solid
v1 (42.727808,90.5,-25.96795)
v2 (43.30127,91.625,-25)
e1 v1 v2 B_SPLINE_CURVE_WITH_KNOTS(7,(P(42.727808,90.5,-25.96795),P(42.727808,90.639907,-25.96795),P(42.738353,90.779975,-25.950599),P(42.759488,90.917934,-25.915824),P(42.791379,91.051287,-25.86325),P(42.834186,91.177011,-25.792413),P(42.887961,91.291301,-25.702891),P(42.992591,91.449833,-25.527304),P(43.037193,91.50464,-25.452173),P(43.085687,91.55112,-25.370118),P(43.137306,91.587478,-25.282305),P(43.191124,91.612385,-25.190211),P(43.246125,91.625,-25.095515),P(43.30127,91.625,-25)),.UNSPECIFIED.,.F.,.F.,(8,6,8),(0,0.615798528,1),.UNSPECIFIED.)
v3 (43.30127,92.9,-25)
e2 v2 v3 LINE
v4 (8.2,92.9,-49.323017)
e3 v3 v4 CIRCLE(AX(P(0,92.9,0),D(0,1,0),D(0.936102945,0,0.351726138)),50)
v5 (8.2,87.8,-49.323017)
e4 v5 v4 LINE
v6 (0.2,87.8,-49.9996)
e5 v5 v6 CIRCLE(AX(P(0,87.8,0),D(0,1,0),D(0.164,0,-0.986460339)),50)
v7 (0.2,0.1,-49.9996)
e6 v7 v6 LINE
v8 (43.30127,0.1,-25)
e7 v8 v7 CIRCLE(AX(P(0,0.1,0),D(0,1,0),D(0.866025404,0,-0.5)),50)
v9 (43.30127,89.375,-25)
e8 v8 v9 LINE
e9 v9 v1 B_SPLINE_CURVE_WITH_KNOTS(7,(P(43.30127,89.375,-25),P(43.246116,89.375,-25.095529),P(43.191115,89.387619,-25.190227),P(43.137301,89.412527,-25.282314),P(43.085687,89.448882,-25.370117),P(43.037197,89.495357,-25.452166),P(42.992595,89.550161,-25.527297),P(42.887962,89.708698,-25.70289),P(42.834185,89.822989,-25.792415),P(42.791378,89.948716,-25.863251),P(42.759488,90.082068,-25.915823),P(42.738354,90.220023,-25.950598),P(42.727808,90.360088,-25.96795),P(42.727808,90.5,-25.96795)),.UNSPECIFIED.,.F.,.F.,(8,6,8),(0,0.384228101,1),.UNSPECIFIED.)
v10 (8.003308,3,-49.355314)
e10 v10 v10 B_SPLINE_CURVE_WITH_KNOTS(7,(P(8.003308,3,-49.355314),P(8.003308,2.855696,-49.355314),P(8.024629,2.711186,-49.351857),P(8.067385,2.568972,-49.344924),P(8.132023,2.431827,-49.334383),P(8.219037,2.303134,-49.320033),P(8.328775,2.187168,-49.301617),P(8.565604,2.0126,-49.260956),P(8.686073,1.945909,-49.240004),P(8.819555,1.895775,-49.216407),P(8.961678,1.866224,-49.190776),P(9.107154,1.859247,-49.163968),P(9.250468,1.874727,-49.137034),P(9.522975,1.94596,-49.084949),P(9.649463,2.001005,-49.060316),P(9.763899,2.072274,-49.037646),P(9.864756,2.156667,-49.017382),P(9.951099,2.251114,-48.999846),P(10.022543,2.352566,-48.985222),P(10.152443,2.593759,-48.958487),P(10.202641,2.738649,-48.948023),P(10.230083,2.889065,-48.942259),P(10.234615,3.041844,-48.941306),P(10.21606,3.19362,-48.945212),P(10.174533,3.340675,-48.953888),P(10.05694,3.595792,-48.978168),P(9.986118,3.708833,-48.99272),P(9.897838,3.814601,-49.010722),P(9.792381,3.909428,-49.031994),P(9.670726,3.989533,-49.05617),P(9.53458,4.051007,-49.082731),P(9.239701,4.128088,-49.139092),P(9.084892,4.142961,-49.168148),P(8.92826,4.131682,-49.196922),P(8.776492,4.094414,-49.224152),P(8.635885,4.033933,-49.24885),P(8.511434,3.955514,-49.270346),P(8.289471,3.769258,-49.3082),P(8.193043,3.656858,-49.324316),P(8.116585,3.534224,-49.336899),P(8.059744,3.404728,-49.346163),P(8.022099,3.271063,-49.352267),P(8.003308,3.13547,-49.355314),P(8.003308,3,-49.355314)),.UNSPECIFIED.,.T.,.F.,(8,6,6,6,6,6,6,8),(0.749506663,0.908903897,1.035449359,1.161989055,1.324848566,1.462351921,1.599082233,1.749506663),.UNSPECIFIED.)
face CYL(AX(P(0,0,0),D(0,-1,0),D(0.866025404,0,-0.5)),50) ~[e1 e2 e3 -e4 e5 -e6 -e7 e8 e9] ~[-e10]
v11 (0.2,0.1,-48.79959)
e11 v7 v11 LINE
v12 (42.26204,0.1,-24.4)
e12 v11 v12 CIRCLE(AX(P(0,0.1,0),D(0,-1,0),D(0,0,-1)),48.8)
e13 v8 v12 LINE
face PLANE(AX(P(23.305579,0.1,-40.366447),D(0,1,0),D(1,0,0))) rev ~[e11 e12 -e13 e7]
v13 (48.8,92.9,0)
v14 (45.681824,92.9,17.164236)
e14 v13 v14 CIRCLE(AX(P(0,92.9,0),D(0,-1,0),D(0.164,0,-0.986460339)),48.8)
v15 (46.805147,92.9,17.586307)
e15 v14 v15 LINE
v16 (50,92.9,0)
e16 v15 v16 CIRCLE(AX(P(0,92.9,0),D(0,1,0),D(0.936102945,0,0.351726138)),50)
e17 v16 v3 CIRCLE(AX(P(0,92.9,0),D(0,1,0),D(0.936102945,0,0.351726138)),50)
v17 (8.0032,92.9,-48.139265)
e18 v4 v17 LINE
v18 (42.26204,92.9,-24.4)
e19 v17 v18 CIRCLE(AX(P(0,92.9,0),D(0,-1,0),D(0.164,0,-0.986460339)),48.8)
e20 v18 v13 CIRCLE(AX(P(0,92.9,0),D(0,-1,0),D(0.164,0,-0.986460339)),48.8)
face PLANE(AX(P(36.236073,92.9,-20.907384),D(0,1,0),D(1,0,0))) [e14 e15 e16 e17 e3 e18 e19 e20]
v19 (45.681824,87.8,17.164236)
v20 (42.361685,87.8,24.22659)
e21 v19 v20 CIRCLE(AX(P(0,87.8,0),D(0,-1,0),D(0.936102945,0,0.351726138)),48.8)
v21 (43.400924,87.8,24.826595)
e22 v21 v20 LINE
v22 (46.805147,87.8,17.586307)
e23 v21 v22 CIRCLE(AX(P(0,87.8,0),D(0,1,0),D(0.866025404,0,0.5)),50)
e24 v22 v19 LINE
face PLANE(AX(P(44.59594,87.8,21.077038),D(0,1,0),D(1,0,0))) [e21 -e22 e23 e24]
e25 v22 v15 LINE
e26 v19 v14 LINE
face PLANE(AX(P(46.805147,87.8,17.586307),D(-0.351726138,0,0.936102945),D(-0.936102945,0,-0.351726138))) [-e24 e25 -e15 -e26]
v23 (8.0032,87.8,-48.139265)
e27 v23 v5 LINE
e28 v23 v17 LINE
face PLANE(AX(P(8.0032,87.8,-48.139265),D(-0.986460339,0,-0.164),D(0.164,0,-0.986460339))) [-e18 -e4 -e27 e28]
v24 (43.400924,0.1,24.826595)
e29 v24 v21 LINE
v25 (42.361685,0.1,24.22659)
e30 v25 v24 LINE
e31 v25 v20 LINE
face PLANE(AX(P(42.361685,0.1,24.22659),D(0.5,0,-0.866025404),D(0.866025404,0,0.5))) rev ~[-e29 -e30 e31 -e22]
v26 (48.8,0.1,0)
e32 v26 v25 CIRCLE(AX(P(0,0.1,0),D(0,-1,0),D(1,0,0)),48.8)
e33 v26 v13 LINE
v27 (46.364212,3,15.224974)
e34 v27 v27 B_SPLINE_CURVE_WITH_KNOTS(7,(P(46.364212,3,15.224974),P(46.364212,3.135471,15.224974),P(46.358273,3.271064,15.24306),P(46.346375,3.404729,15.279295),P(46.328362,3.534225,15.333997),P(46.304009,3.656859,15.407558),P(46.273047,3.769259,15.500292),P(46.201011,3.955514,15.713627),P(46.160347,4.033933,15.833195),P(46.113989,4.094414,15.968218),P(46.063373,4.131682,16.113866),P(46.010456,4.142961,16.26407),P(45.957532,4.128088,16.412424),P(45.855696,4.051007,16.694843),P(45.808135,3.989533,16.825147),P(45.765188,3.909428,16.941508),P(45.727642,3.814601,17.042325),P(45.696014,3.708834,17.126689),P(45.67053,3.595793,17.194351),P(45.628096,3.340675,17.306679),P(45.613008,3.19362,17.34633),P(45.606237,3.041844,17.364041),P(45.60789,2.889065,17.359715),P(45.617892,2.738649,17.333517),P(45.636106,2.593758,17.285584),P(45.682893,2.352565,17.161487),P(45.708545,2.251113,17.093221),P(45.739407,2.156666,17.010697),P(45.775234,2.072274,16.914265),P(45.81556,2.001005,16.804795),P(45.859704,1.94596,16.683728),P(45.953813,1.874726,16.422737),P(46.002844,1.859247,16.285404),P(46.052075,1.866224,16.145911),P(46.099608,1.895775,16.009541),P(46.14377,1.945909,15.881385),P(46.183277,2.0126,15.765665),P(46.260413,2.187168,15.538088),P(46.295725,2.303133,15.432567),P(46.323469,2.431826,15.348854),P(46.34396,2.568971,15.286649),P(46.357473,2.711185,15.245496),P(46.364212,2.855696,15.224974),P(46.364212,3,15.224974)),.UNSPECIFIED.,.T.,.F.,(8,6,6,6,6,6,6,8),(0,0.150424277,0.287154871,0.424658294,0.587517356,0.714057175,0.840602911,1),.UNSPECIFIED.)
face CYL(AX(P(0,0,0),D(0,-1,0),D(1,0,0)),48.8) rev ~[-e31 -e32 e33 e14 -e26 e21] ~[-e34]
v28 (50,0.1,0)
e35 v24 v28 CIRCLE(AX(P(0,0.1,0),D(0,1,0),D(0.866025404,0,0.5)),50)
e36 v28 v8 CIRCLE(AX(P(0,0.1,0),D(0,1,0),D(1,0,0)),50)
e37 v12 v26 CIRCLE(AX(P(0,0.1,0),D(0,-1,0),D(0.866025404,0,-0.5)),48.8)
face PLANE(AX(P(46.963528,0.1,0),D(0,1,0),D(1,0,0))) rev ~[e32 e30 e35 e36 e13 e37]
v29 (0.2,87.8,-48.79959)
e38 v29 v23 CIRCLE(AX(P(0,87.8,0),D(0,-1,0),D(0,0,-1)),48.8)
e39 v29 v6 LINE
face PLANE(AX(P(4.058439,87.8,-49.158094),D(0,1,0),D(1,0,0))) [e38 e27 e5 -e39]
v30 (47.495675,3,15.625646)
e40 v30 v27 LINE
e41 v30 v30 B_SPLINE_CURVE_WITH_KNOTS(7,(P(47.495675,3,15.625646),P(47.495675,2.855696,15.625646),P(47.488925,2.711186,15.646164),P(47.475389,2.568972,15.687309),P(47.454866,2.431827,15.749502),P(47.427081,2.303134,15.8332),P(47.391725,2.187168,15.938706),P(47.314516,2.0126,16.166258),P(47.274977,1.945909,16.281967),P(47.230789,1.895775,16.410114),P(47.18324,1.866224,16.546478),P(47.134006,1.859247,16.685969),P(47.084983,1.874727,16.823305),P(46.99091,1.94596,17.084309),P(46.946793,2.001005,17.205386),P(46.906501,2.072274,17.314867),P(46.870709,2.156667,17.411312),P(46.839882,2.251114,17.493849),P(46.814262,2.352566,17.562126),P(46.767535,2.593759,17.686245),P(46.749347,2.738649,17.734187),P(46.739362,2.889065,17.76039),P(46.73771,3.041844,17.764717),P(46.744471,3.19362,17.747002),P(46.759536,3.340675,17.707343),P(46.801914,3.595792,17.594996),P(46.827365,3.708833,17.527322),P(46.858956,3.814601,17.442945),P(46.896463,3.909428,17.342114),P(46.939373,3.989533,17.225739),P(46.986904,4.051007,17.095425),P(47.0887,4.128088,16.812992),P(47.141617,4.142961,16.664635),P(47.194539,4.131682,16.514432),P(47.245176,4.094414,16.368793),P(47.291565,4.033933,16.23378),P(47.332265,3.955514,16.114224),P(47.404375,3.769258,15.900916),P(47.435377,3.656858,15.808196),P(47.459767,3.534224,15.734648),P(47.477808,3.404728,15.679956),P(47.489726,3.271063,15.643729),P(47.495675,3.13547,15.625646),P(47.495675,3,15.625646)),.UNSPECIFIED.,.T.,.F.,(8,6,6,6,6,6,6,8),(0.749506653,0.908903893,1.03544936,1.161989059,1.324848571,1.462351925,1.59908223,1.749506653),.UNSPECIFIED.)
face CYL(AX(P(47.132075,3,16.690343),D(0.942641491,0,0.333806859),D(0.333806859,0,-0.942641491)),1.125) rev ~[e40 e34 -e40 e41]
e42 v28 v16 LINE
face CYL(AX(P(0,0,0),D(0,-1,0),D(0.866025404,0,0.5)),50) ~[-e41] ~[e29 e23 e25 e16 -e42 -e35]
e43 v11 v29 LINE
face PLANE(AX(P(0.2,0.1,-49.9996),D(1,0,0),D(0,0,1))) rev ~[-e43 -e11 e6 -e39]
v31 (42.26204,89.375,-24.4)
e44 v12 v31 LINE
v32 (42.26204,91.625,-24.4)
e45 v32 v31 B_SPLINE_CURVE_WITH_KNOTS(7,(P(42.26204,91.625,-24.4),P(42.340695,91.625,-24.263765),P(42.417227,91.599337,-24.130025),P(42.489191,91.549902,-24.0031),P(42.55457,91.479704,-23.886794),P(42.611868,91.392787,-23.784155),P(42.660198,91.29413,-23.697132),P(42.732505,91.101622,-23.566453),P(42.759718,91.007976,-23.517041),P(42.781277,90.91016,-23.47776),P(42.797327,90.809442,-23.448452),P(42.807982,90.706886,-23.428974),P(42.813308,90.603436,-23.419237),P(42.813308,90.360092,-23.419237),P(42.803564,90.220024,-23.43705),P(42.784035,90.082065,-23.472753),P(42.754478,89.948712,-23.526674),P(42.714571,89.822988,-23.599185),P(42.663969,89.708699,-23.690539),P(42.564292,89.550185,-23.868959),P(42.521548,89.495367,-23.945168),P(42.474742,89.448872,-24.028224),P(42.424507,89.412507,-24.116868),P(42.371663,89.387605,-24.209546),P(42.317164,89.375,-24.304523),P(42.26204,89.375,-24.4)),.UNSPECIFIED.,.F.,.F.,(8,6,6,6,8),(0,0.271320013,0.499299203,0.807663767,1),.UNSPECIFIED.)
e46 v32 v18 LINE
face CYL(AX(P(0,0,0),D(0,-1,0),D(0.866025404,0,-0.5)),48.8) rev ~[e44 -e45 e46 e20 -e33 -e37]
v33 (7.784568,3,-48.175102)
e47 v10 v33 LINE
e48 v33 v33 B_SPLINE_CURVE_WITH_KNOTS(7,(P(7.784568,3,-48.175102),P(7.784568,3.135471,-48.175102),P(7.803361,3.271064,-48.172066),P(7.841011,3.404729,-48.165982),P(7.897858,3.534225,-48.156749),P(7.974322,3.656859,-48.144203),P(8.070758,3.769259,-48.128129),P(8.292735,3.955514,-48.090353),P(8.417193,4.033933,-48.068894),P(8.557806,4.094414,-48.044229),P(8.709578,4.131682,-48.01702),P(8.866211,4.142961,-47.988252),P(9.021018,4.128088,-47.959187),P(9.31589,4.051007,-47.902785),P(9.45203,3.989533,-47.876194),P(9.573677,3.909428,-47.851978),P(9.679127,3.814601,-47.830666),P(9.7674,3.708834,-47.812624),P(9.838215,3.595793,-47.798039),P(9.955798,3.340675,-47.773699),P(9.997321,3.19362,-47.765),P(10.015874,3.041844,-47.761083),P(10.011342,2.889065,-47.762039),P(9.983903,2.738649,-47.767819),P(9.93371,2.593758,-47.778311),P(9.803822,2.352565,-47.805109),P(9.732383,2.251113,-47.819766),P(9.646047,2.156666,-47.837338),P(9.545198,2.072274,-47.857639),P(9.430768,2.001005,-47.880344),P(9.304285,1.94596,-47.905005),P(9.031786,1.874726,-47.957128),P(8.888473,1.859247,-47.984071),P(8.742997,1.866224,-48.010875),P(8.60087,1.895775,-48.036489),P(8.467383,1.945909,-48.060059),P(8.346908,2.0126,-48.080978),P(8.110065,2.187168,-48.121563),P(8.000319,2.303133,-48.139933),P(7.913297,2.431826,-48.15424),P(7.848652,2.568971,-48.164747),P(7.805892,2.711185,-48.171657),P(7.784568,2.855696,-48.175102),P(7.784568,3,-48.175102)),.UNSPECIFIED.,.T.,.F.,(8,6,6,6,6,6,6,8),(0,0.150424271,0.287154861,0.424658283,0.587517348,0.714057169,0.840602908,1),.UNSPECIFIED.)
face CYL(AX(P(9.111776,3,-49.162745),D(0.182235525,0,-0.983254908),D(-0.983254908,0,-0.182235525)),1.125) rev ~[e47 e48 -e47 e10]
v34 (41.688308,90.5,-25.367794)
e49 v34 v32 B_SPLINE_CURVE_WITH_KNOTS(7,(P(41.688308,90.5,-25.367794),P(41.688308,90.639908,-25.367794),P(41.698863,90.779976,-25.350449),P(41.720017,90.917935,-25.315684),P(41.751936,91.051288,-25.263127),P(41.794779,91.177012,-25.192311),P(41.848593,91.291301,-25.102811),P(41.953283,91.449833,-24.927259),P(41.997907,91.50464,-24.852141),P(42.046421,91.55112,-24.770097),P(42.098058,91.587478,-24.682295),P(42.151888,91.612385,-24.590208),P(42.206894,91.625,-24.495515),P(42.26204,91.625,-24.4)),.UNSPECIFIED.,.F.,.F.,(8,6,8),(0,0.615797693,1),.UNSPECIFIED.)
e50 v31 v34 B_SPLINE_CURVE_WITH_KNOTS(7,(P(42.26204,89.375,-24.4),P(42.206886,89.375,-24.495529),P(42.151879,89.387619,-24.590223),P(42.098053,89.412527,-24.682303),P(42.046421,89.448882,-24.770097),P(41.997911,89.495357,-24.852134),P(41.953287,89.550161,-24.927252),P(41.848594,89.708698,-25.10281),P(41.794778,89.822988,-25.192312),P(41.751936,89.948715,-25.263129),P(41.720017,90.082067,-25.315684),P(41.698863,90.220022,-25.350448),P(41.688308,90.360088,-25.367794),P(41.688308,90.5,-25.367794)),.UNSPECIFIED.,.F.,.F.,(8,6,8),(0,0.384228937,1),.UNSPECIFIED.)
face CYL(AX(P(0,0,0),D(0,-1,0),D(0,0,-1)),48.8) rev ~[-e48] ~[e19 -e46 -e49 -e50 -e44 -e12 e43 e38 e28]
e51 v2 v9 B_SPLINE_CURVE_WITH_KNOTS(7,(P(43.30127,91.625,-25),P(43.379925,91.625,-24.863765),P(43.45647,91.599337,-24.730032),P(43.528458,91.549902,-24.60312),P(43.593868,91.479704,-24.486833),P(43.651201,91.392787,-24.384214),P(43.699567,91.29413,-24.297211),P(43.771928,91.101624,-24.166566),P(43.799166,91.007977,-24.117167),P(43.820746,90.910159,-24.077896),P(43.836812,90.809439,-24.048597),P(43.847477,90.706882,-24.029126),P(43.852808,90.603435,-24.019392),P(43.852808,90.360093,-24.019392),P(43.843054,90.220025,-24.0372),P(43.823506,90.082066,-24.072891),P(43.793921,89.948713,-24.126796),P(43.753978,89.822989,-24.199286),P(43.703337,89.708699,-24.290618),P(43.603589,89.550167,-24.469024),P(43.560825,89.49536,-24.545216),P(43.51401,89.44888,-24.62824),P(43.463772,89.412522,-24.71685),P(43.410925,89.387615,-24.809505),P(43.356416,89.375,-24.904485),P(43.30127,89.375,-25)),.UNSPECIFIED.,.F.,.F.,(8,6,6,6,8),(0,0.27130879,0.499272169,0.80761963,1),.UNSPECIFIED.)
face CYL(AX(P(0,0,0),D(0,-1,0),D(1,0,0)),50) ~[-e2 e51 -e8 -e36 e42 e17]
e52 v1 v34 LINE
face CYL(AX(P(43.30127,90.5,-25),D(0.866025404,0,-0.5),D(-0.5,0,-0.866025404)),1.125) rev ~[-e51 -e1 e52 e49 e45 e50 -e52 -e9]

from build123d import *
from build123d.topology import SkipClean

# Parameters (mm, degrees)
BOSS_EXTRUDE1_DEPTH = 93
SKETCH8_R           = 1.125
CUT_EXTRUDE1_DEPTH  = 124.766046621
CIRPATTERN1_COUNT   = 2
CIRPATTERN1_ANGLE   = 99
SKETCH9_R           = 1.125
CUT_EXTRUDE2_DEPTH  = 4
CUT_EXTRUDE3_START  = -5.2
CUT_EXTRUDE3_DEPTH  = 5.2
CUT_EXTRUDE4_START  = -0.1
CUT_EXTRUDE4_DEPTH  = 0.1
CUT_EXTRUDE5_DEPTH  = 0.1
CUT_EXTRUDE7_DEPTH  = 117.6697906


with BuildPart() as part:
    # Sketch1 → Boss-Extrude1 (new body)
    with BuildSketch(Plane(origin=(0, 0, 0), x_dir=(1, 0, 0), z_dir=(0, 1, 0))):
        with BuildLine():
            Line((43.301270189, 25), (42.262039705, 24.4))
            ThreePointArc((42.262039705, 24.4), (47.137180323, 12.630369401), (48.8, 0))
            ThreePointArc((48.8, 0), (47.137180323, -12.630369401), (42.262039705, -24.4))
            Line((42.262039705, -24.4), (43.301270189, -25))
            ThreePointArc((43.301270189, -25), (48.296291314, -12.940952255), (50, 0))
            ThreePointArc((50, 0), (48.296291314, 12.940952255), (43.301270189, 25))
        make_face()
        with BuildLine():
            ThreePointArc((0, 48.8), (24.4, 42.262039705), (42.262039705, 24.4))
            Line((42.262039705, 24.4), (43.301270189, 25))
            ThreePointArc((43.301270189, 25), (25, 43.301270189), (0, 50))
            Line((0, 50), (0, 48.8))
        make_face()
    extrude(amount=BOSS_EXTRUDE1_DEPTH)

    # Sketch8 → Cut-Extrude1 (cut, through all)
    with BuildSketch(Plane(origin=(47.132074555, 0, 16.690342962), x_dir=(0.33380685923377484, 0, -0.9426414910921771), z_dir=(0.9426414910921771, 0, 0.33380685923377484))):
        with Locations((0, 3)):
            Circle(SKETCH8_R)
    cut_extrude1 = extrude(amount=-CUT_EXTRUDE1_DEPTH, mode=Mode.SUBTRACT)

    # CirPattern1: Cut-Extrude1 ×2 about axis
    cirpattern1_axis = Axis((0, 93, 0), (0, 1, 0))
    for i in range(1, CIRPATTERN1_COUNT):
        add(cut_extrude1.rotate(cirpattern1_axis, i * CIRPATTERN1_ANGLE / (CIRPATTERN1_COUNT - 1)), mode=Mode.SUBTRACT)

    # Sketch9 → Cut-Extrude2 (cut)
    with SkipClean():  # the faces are left unmerged after this step: merging them gives an invalid solid
        with BuildSketch(Plane(origin=(43.301270189, 0, -25), x_dir=(-0.4999999999999981, 0, -0.8660254037844397), z_dir=(0.8660254037844398, 0, -0.4999999999999982))):
            with Locations((0, 90.5)):
                Circle(SKETCH9_R)
        extrude(amount=-CUT_EXTRUDE2_DEPTH, mode=Mode.SUBTRACT)

    # Sketch10 → Cut-Extrude3 (cut)
    with SkipClean():  # the faces are left unmerged after this step: merging them gives an invalid solid
        with BuildSketch(Plane(origin=(0, 93, 0), x_dir=(1, 0, 0), z_dir=(0, 1, 0)).offset(CUT_EXTRUDE3_START)):
            with BuildLine():
                ThreePointArc((45.681823724, -17.164235528), (44.120515076, -20.852341582), (42.262039705, -24.4))
                Line((42.262039705, -24.4), (43.301270189, -25))
                ThreePointArc((43.301270189, -25), (45.205445775, -21.365104079), (46.805147258, -17.586306893))
                Line((46.805147258, -17.586306893), (45.681823724, -17.164235528))
            make_face()
            with BuildLine():
                Line((0, 50), (0, 48.8))
                ThreePointArc((0, 48.8), (4.015214241, 48.634535616), (8.0032, 48.139264533))
                Line((8.0032, 48.139264533), (8.2, 49.323016939))
                ThreePointArc((8.2, 49.323016939), (4.113949017, 49.83046682), (0, 50))
            make_face()
        extrude(amount=CUT_EXTRUDE3_DEPTH, mode=Mode.SUBTRACT)

    # Sketch11 → Cut-Extrude4 (cut)
    with SkipClean():  # the faces are left unmerged after this step: merging them gives an invalid solid
        with BuildSketch(Plane(origin=(0, 93, 0), x_dir=(1, 0, 0), z_dir=(0, 1, 0)).offset(CUT_EXTRUDE4_START)):
            with BuildLine():
                Line((8.2, 49.323016939), (8.0032, 48.139264533))
                ThreePointArc((8.0032, 48.139264533), (42.26886825, 24.388168789), (45.681823724, -17.164235528))
                Line((45.681823724, -17.164235528), (46.805147258, -17.586306893))
                ThreePointArc((46.805147258, -17.586306893), (43.308266649, 24.987877858), (8.2, 49.323016939))
            make_face()
        extrude(amount=CUT_EXTRUDE4_DEPTH, mode=Mode.SUBTRACT)

    # Sketch1<3> → Cut-Extrude5 (cut)
    with SkipClean():  # the faces are left unmerged after this step: merging them gives an invalid solid
        with BuildSketch(Plane(origin=(0, 0, 0), x_dir=(1, 0, 0), z_dir=(0, 1, 0))):
            with BuildLine():
                Line((43.301270189, 25), (42.262039705, 24.4))
                ThreePointArc((42.262039705, 24.4), (47.137180323, 12.630369401), (48.8, 0))
                ThreePointArc((48.8, 0), (47.137180323, -12.630369401), (42.262039705, -24.4))
                Line((42.262039705, -24.4), (43.301270189, -25))
                ThreePointArc((43.301270189, -25), (48.296291314, -12.940952255), (50, 0))
                ThreePointArc((50, 0), (48.296291314, 12.940952255), (43.301270189, 25))
            make_face()
            with BuildLine():
                ThreePointArc((0, 48.8), (24.4, 42.262039705), (42.262039705, 24.4))
                Line((42.262039705, 24.4), (43.301270189, 25))
                ThreePointArc((43.301270189, 25), (25, 43.301270189), (0, 50))
                Line((0, 50), (0, 48.8))
            make_face()
        extrude(amount=CUT_EXTRUDE5_DEPTH, mode=Mode.SUBTRACT)

    # Sketch13 → Cut-Extrude7 (cut, through all)
    with SkipClean():  # the faces are left unmerged after this step: merging them gives an invalid solid
        with BuildSketch(Plane.XZ.offset(-0.1)):
            with BuildLine():
                Line((0.2, -49.999599998), (0.2, -48.799590162))
                ThreePointArc((0.2, -48.799590162), (0.10000021, -48.79989754), (0, -48.8))
                Line((0, -48.8), (0, -50))
                ThreePointArc((0, -50), (0.1000002, -49.9999), (0.2, -49.999599998))
            make_face()
            with BuildLine():
                Line((43.301270189, 25), (42.262039705, 24.4))
                ThreePointArc((42.262039705, 24.4), (42.311951077, 24.313346048), (42.361684775, 24.22659))
                Line((42.361684775, 24.22659), (43.400923778, 24.826594918))
                ThreePointArc((43.400923778, 24.826594918), (43.351183686, 24.913347286), (43.301270189, 25))
            make_face()
        extrude(amount=-CUT_EXTRUDE7_DEPTH, mode=Mode.SUBTRACT)


solid = part.part
